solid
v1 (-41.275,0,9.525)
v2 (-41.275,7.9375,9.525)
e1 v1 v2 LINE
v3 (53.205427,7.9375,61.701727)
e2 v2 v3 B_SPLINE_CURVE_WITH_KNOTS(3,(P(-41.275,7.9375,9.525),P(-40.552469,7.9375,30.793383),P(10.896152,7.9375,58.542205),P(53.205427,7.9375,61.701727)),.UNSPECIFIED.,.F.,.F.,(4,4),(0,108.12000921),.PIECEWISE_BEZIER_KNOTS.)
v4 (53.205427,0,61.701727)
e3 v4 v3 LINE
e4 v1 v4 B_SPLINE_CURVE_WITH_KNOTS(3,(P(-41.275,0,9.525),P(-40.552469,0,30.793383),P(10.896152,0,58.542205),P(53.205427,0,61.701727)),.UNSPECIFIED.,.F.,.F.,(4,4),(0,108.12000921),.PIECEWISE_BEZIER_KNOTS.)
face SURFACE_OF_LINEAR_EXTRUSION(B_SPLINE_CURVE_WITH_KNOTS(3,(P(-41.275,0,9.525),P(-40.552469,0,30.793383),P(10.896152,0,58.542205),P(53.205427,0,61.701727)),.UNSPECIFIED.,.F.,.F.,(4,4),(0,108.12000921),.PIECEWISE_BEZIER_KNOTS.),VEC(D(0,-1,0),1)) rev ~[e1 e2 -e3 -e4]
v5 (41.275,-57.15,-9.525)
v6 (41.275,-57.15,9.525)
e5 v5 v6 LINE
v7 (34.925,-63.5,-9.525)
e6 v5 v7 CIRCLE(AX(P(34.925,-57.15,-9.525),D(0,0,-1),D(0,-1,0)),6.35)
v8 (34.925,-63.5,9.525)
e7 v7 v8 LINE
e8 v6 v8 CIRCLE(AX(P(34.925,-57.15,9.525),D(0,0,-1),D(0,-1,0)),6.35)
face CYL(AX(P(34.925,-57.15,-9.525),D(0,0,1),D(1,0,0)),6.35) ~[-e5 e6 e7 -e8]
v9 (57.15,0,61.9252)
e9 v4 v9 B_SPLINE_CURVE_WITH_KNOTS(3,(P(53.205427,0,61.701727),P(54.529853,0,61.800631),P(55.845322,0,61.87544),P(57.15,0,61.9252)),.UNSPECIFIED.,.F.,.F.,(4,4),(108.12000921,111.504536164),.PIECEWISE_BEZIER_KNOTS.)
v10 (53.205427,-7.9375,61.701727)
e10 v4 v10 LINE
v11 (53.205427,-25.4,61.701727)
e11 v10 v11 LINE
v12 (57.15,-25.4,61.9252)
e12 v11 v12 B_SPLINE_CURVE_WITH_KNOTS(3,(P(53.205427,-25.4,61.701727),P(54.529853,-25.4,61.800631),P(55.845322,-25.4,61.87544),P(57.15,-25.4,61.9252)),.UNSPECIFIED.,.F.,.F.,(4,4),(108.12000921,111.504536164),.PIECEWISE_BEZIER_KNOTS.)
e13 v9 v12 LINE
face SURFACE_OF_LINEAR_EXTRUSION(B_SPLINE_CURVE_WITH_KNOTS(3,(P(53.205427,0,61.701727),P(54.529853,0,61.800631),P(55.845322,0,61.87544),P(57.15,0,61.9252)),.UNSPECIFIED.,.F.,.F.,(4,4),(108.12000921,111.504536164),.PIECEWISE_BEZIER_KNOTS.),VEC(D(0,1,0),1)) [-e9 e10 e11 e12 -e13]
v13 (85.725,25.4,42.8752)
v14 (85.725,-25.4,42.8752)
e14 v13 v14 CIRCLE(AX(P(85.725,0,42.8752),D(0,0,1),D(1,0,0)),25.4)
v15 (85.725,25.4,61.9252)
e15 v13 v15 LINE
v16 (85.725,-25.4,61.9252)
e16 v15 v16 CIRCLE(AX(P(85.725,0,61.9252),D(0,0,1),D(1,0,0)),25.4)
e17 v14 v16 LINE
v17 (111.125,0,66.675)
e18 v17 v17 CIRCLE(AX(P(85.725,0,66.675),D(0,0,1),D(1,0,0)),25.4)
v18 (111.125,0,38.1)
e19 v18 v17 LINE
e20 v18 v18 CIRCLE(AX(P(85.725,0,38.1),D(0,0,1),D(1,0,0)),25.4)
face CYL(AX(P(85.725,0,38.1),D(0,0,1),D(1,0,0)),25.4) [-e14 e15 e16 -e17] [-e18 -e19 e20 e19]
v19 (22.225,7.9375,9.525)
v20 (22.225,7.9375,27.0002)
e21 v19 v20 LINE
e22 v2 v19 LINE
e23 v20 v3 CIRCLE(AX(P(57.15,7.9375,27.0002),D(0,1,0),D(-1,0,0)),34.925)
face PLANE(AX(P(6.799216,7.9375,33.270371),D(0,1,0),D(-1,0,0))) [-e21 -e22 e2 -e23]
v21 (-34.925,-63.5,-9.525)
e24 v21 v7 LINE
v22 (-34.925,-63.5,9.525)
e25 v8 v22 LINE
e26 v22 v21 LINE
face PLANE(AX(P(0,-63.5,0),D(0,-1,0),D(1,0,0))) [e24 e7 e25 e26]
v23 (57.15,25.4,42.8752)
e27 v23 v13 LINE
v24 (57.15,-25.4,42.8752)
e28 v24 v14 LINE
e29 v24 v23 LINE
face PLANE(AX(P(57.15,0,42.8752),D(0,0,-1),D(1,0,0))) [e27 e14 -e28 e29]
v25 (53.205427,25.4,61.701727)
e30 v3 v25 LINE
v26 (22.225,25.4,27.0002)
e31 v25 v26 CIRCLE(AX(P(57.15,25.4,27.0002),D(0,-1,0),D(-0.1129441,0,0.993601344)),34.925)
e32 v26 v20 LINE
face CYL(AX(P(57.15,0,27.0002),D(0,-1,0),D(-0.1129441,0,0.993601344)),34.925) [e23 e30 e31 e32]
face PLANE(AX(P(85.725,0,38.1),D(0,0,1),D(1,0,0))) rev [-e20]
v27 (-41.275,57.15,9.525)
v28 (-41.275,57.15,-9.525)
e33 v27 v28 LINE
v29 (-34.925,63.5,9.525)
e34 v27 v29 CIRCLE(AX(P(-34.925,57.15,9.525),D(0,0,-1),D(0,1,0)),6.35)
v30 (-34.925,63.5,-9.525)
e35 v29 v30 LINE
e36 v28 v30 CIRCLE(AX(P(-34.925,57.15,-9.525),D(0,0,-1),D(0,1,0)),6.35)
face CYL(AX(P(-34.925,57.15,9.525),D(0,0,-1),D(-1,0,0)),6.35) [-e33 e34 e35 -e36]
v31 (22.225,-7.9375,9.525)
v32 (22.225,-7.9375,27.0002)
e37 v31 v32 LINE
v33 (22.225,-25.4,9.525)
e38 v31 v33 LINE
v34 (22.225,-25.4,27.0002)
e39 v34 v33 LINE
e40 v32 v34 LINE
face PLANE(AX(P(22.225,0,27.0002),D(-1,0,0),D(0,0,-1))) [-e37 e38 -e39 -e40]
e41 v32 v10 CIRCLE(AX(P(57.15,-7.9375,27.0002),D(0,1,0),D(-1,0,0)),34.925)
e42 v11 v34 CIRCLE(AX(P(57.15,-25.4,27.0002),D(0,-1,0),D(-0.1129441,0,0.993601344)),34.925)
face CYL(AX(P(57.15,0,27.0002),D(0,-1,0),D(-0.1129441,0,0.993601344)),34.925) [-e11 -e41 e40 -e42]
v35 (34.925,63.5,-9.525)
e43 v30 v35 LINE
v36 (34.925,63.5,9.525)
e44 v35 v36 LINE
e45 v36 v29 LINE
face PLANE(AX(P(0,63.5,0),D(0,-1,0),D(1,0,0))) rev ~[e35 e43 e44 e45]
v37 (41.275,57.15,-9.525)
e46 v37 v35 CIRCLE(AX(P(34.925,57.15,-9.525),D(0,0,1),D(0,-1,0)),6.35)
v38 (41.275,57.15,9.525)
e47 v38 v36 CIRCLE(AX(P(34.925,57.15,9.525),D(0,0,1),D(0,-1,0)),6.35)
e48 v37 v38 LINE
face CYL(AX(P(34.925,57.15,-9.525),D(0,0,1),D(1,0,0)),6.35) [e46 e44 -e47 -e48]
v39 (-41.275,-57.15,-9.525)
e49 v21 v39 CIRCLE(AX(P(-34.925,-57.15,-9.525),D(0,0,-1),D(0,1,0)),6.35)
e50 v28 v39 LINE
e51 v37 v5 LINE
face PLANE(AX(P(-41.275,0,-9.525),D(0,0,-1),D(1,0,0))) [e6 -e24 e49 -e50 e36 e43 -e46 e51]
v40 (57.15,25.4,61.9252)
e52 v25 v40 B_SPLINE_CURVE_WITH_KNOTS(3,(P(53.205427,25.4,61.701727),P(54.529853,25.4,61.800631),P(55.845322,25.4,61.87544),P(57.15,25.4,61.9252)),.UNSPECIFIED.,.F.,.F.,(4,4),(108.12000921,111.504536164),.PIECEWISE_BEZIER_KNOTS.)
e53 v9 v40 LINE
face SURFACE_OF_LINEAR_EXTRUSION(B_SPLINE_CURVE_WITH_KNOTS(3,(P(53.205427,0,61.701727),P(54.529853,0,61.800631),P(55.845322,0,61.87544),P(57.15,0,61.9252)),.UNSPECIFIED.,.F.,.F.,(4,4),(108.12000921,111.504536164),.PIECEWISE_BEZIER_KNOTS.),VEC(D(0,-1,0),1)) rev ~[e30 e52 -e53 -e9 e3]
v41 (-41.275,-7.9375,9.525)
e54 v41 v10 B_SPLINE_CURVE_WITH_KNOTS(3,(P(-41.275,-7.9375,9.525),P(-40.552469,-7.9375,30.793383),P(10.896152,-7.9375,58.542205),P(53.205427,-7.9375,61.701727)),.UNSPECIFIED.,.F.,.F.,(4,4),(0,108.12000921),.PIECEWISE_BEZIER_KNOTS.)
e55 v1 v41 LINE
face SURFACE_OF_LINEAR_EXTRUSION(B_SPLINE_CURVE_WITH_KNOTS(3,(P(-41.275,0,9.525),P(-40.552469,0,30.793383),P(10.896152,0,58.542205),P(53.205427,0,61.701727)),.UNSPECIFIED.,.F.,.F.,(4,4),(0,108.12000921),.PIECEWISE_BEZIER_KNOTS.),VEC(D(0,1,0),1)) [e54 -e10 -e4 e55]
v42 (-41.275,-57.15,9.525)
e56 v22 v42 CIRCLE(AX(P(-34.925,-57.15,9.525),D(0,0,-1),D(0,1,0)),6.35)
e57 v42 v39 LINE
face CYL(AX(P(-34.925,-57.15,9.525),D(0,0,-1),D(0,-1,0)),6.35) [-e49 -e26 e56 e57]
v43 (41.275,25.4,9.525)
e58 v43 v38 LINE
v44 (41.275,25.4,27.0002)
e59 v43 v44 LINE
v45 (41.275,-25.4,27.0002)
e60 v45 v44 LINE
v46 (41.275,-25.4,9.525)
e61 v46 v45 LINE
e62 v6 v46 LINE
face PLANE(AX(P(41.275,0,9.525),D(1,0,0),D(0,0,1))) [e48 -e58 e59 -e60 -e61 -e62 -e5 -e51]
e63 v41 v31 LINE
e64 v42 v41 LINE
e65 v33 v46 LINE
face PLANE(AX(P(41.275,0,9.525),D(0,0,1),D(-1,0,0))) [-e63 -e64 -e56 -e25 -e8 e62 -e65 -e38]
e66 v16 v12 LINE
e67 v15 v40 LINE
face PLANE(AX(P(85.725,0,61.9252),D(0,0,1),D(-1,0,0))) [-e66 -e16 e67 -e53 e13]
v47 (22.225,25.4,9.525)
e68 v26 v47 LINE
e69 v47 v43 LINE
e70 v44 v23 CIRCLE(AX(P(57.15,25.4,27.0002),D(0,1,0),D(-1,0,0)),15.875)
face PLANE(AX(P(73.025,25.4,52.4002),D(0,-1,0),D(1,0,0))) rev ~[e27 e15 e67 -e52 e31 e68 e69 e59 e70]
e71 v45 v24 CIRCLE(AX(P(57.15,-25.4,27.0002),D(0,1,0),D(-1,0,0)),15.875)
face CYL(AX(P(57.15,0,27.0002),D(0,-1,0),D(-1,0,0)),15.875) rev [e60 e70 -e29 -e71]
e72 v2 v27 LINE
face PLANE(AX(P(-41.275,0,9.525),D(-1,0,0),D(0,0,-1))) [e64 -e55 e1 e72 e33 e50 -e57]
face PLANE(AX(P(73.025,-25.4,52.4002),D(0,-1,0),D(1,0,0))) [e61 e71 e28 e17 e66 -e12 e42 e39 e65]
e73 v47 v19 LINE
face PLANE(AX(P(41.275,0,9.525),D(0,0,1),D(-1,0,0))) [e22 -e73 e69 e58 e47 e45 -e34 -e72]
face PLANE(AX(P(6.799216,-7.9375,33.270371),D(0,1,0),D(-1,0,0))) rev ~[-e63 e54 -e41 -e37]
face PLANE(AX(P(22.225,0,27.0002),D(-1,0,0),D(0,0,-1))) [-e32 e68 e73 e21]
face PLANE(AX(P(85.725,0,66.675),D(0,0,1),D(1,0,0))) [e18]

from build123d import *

# Parameters (mm, degrees)
F1_DEPTH = 63.5
F2_DEPTH = 7.9375
F0_W     = 25.4
F0_H     = 19.05
F3_DEPTH = 25.4
F5_R     = 6.35


with BuildPart() as f1:
    # F0 (on Front) → F1 (new body, symmetric)
    with BuildSketch(Plane.XZ):
        Polygon((-41.275, 9.525), (-41.275, -9.525), (41.275, -9.525), (41.275, 9.525), (22.225, 9.525), align=None)
    extrude(amount=F1_DEPTH, both=True)

    # F0 (on Front) → F2 (join, symmetric)
    with BuildSketch(Plane.XZ):
        with BuildLine():
            add(Edge.make_bspline(
                [(-41.275, 9.525), (-40.5524685808, 30.7933831183), (10.8961521527, 58.542204844), (53.2054273143, 61.7017269308)],
                knots=[0, 0, 0, 0, 108.12000921, 108.12000921, 108.12000921, 108.12000921], degree=3))
            Line((-41.275, 9.525), (22.225, 9.525))
            Line((22.225, 9.525), (22.225, 27.0002))
            ThreePointArc((22.225, 27.0002), (31.096978812, 50.2595145208), (53.2054273143, 61.7017269308))
        make_face()
    extrude(amount=F2_DEPTH, both=True)

    # F0 (on Front) → F3 (join, symmetric)
    with BuildSketch(Plane.XZ):
        with Locations((73.025, 52.4002)):
            Rectangle(F0_W, F0_H)
        with BuildLine():
            Line((22.225, 9.525), (41.275, 9.525))
            Line((41.275, 9.525), (41.275, 27.0002))
            ThreePointArc((41.275, 27.0002), (45.9246798487, 38.2255201513), (57.15, 42.8752))
            Line((57.15, 42.8752), (60.325, 42.8752))
            Line((60.325, 42.8752), (60.325, 61.9252))
            Line((60.325, 61.9252), (57.15, 61.9252))
            add(Edge.make_bspline(
                [(53.2054273143, 61.7017269308), (54.5298526747, 61.8006308038), (55.8453223482, 61.8754395085), (57.15, 61.9252)],
                knots=[108.12000921, 108.12000921, 108.12000921, 108.12000921, 111.5045361635, 111.5045361635, 111.5045361635, 111.5045361635], degree=3))
            ThreePointArc((53.2054273143, 61.7017269308), (31.096978812, 50.2595145208), (22.225, 27.0002))
            Line((22.225, 27.0002), (22.225, 9.525))
        make_face()
    extrude(amount=F3_DEPTH, both=True)

    # F0 (on Front) → F4 (revolve)
    with BuildSketch(Plane.XZ):
        Polygon((85.725, 66.675), (85.725, 61.9252), (85.725, 42.8752), (85.725, 38.1), (111.125, 38.1), (111.125, 66.675), align=None)
    revolve(axis=Axis((85.725, 0, 52.3875), (0, 0, 1)))

    # F5
    f5_edges = [f1.edges().sort_by_distance(p)[0] for p in [
        (41.275, -63.5, 0),
        (-41.275, -63.5, 0),
        (41.275, 63.5, 0),
        (-41.275, 63.5, 0),
    ]]
    fillet(f5_edges, radius=F5_R)


solid = f1.part
